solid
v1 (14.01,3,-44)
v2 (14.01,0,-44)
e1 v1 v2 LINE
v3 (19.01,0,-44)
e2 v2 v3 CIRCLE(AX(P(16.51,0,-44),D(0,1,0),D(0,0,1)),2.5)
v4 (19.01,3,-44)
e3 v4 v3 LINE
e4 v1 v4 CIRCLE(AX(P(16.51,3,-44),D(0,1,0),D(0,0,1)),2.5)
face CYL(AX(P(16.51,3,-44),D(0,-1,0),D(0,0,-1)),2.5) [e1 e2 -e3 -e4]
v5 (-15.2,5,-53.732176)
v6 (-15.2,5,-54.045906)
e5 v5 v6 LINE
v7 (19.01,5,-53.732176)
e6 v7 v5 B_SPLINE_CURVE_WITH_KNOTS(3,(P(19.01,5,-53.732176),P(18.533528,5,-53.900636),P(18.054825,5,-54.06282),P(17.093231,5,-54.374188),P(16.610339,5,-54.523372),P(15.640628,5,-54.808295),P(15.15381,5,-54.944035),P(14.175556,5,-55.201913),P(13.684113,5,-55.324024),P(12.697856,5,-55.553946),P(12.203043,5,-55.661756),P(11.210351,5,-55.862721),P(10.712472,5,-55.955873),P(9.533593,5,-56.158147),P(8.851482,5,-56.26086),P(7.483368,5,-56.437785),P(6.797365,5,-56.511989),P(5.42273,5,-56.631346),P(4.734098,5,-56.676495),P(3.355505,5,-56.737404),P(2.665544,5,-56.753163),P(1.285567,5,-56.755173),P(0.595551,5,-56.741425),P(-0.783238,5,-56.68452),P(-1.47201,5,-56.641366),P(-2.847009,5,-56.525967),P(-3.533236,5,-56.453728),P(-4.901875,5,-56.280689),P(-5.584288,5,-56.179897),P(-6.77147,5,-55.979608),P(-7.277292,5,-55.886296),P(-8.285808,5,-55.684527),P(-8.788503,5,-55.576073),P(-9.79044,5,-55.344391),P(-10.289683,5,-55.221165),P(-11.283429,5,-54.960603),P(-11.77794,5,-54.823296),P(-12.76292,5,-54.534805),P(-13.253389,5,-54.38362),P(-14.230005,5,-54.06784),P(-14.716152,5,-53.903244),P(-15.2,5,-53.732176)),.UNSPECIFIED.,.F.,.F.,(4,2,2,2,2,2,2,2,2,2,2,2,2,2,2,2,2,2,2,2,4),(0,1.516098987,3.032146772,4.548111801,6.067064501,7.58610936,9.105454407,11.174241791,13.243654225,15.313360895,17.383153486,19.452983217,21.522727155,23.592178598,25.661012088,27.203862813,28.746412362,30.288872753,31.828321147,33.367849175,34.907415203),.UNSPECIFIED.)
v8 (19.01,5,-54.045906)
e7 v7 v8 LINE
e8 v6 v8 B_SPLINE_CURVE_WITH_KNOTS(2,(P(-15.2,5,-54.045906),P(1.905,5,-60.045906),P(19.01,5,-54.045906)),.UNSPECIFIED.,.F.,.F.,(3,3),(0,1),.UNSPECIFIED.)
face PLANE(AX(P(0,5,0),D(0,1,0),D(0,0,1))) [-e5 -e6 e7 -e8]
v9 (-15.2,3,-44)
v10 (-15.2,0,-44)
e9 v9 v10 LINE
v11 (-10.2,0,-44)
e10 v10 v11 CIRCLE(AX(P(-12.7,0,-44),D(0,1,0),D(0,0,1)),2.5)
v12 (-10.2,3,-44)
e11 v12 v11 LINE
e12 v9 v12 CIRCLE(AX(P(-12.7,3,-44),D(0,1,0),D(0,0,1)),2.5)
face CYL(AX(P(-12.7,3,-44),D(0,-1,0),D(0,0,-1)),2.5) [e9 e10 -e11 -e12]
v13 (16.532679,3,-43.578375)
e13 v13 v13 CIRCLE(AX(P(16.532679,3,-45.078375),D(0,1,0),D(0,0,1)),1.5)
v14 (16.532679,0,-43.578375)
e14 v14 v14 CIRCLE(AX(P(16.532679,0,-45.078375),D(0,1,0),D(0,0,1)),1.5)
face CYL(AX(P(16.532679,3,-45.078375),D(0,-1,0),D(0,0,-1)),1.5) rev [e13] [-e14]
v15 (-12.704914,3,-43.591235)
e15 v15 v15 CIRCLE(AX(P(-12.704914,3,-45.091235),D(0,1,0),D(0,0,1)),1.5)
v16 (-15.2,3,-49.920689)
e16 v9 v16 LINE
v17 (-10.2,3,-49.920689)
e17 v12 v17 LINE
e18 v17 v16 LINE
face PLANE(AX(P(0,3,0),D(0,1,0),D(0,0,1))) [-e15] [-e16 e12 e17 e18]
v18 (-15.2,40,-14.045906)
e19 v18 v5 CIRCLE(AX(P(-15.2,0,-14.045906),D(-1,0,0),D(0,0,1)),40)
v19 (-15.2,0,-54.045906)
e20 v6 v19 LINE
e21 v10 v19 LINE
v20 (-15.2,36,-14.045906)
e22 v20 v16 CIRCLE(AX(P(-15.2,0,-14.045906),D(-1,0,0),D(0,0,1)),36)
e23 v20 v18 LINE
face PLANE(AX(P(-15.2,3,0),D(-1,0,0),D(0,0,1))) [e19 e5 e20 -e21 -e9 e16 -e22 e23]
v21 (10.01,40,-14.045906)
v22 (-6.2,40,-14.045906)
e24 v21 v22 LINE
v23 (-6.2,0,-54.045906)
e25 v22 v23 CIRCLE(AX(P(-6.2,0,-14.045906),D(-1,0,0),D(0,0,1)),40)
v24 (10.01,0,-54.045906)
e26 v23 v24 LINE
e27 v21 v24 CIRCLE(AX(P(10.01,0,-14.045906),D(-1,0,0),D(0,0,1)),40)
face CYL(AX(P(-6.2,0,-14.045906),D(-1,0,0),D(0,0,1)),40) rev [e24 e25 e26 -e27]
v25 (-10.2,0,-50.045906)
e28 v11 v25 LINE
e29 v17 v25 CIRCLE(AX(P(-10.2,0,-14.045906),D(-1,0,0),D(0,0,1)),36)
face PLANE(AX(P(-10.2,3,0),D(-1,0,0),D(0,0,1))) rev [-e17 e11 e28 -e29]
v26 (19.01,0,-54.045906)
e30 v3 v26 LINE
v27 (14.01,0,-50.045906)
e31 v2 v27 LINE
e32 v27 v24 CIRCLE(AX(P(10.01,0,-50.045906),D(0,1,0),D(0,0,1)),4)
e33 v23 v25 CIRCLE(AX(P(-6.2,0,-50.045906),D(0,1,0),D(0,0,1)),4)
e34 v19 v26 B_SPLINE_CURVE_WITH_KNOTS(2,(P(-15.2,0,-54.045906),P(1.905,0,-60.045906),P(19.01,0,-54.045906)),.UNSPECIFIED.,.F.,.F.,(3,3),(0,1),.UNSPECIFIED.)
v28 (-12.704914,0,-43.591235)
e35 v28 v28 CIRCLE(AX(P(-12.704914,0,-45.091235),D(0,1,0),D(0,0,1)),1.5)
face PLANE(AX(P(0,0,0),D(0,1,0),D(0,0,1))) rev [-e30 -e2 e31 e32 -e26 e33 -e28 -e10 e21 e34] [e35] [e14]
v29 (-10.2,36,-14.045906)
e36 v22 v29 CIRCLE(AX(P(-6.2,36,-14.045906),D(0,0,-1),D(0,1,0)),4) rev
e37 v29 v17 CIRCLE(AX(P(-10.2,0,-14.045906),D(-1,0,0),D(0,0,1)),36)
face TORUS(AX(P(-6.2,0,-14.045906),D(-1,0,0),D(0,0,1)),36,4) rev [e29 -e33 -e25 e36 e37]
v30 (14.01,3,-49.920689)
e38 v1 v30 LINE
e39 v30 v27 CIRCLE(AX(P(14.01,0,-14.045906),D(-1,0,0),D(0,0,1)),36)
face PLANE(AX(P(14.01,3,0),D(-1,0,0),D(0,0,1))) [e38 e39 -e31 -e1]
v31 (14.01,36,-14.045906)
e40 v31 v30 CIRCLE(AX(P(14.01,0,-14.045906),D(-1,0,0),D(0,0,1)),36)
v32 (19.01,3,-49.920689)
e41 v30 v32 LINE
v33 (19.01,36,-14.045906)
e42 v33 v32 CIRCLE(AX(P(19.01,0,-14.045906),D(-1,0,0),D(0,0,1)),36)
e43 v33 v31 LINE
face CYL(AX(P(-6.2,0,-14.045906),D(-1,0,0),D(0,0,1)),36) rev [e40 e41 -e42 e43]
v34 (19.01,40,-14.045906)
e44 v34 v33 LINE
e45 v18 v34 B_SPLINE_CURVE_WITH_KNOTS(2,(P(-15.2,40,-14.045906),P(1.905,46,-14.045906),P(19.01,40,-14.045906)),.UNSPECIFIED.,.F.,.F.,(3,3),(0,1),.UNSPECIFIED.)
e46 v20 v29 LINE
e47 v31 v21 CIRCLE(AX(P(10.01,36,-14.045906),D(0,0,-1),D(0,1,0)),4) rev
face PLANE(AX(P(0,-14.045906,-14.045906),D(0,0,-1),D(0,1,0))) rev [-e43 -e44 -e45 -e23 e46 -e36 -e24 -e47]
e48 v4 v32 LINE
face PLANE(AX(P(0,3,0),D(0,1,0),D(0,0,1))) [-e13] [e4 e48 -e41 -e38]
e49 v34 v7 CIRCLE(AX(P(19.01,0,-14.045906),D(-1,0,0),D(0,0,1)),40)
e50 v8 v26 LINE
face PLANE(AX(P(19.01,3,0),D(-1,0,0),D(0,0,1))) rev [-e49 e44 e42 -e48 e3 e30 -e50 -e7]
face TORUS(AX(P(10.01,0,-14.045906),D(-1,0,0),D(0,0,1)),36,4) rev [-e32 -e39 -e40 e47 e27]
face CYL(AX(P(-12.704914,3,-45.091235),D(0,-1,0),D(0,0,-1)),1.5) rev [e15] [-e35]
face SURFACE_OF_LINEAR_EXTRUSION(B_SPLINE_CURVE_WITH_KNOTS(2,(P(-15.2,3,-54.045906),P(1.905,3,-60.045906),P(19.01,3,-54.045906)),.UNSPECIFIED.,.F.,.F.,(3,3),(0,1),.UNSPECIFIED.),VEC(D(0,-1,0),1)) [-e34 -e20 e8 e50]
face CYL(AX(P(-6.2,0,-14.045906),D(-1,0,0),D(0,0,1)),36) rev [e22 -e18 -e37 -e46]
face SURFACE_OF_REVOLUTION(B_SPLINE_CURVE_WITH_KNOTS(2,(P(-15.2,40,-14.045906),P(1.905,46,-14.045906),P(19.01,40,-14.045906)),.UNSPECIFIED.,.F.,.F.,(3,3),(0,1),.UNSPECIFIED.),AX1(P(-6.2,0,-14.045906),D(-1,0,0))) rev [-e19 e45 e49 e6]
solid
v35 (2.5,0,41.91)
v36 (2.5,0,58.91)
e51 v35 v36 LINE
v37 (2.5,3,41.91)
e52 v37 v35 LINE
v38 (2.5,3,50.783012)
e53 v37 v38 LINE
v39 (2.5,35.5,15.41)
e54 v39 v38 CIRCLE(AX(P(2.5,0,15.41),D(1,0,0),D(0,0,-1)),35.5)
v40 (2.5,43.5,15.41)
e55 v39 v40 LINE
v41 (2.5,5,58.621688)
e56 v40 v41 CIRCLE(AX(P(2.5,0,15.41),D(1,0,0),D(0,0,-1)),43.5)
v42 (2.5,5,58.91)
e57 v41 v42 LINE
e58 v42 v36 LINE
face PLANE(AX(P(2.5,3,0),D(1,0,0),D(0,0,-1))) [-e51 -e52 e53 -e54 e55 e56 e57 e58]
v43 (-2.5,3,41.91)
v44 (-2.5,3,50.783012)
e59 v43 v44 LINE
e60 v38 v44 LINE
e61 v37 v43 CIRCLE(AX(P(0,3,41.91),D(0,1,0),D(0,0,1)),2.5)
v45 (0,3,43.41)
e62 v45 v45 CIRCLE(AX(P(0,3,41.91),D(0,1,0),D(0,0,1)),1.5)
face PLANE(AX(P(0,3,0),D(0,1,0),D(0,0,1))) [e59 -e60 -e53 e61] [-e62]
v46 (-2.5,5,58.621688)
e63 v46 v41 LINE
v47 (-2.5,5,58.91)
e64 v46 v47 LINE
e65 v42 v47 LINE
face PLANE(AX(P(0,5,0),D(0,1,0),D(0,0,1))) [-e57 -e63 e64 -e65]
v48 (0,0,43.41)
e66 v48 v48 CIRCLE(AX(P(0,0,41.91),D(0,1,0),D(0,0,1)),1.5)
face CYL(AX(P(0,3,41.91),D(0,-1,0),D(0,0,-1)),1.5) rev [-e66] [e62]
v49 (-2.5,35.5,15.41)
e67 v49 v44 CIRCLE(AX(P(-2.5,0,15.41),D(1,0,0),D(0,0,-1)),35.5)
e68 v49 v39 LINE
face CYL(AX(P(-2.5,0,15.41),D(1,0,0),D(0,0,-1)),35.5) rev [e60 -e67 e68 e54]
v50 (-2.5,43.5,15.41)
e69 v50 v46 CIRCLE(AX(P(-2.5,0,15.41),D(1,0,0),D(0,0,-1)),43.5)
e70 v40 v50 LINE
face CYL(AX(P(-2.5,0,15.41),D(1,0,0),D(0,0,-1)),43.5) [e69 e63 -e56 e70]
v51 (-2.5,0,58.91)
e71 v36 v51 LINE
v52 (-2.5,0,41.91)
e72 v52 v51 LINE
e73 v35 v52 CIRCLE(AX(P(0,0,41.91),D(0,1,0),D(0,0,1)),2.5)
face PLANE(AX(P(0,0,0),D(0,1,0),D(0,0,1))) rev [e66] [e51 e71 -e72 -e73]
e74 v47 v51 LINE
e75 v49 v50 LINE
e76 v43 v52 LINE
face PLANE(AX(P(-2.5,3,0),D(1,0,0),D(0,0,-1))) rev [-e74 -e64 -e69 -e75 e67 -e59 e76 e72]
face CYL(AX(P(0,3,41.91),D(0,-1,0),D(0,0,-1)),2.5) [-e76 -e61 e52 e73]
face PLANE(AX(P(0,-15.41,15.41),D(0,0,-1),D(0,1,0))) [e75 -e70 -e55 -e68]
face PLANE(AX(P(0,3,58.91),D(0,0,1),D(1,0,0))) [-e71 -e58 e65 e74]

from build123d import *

# Parameters (mm, degrees)
SKETCH1_R             = 1.5
BOSS_EXTRUDE1_DEPTH   = 3
BOSS_EXTRUDE1_2_DEPTH = 3
SKETCH1_4_W           = 5
SKETCH1_4_H           = 8
BOSS_EXTRUDE2_DEPTH   = 5
REVOLVE3_ANGLE        = 90
SKETCH1_6_W           = 5
SKETCH1_6_H           = 8
REVOLVE5_ANGLE        = 90


with BuildPart() as part:
    # Sketch1 → Boss-Extrude1 (new body)
    with BuildSketch(Plane(origin=(0, 0, 0), x_dir=(1, 0, 0), z_dir=(0, 1, 0))):
        with BuildLine():
            ThreePointArc((-10.2, 50.045906413), (-9.028427125, 52.874333538), (-6.2, 54.045906413))
            Line((-6.2, 54.045906413), (10.01, 54.045906413))
            ThreePointArc((10.01, 54.045906413), (12.838427125, 52.874333538), (14.01, 50.045906413))
            Line((14.01, 50.045906413), (14.01, 44))
            ThreePointArc((14.01, 44), (16.51, 41.5), (19.01, 44))
            Line((19.01, 44), (19.01, 54.045906413))
            add(Edge.make_bspline(
                [(-15.2, 54.045906413), (1.905, 60.045906413), (19.01, 54.045906413)],
                knots=[0, 0, 0, 1, 1, 1], degree=2))
            Line((-15.2, 54.045906413), (-15.2, 44))
            ThreePointArc((-15.2, 44), (-12.7, 41.5), (-10.2, 44))
            Line((-10.2, 44), (-10.2, 50.045906413))
        make_face()
        with Locations((-12.704913633, 45.091234874)):
            Circle(SKETCH1_R, mode=Mode.SUBTRACT)
        with Locations((16.532679199, 45.078375192)):
            Circle(SKETCH1_R, mode=Mode.SUBTRACT)
    extrude(amount=BOSS_EXTRUDE1_DEPTH)



with BuildPart() as body_2:
    # Sketch1 → Boss-Extrude1 2 (new body)
    with BuildSketch(Plane(origin=(0, 0, 0), x_dir=(1, 0, 0), z_dir=(0, 1, 0))):
        with BuildLine():
            ThreePointArc((2.5, -41.91), (0, -39.41), (-2.5, -41.91))
            Line((-2.5, -41.91), (-2.5, -58.91))
            Line((-2.5, -58.91), (2.5, -58.91))
            Line((2.5, -58.91), (2.5, -41.91))
        make_face()
        with Locations((0, -41.91)):
            Circle(SKETCH1_R, mode=Mode.SUBTRACT)
    extrude(amount=BOSS_EXTRUDE1_2_DEPTH)


with BuildPart() as part_1:
    add(part.part)

    add(body_2.part)  # Boss-Extrude2 merges body 2
    # Sketch1<4> → Boss-Extrude2 (add)
    with BuildSketch(Plane(origin=(0, 0, 0), x_dir=(1, 0, 0), z_dir=(0, 1, 0))):
        with BuildLine():
            ThreePointArc((-10.2, 50.045906413), (-9.028427125, 52.874333538), (-6.2, 54.045906413))
            Line((-6.2, 54.045906413), (10.01, 54.045906413))
            ThreePointArc((10.01, 54.045906413), (12.838427125, 52.874333538), (14.01, 50.045906413))
            Line((14.01, 50.045906413), (19.01, 50.045906413))
            Line((19.01, 50.045906413), (19.01, 54.045906413))
            add(Edge.make_bspline(
                [(-15.2, 54.045906413), (1.905, 60.045906413), (19.01, 54.045906413)],
                knots=[0, 0, 0, 1, 1, 1], degree=2))
            Line((-15.2, 54.045906413), (-15.2, 50.045906413))
            Line((-15.2, 50.045906413), (-10.2, 50.045906413))
        make_face()
        with Locations((0, -54.91)):
            Rectangle(SKETCH1_4_W, SKETCH1_4_H)
    extrude(amount=BOSS_EXTRUDE2_DEPTH)

    # Sketch6 → Revolve3 (revolve)
    with BuildSketch(Plane.XZ):
        with BuildLine():
            Line((-10.2, -50.045906413), (-15.2, -50.045906413))
            Line((-15.2, -50.045906413), (-15.2, -54.045906413))
            add(Edge.make_bspline(
                [(-15.2, -54.045906413), (1.905000001, -60.045906413), (19.010000002, -54.045906412)],
                knots=[0, 0, 0, 1, 1, 1], degree=2))
            Line((19.010000002, -54.045906412), (19.010000001, -50.045906413))
            Line((19.01, -50.045906413), (14.01, -50.045906413))
            ThreePointArc((14.01, -50.045906413), (12.838427125, -52.874333538), (10.01, -54.045906413))
            Line((10.01, -54.045906413), (-6.2, -54.045906413))
            ThreePointArc((-6.2, -54.045906413), (-9.028427125, -52.874333538), (-10.2, -50.045906413))
        make_face()
    revolve(axis=Axis((-6.2, 0, -14.045906413), (1, 0, 0)), revolution_arc=REVOLVE3_ANGLE)

    # Sketch1<6> → Revolve5 (revolve)
    with BuildSketch(Plane(origin=(0, 0, 0), x_dir=(1, 0, 0), z_dir=(0, 1, 0))):
        with Locations((0, -54.91)):
            Rectangle(SKETCH1_6_W, SKETCH1_6_H)
    revolve(axis=Axis((-2.5, 0, 15.41), (-1, 0, 0)), revolution_arc=REVOLVE5_ANGLE)


solid = part_1.part
